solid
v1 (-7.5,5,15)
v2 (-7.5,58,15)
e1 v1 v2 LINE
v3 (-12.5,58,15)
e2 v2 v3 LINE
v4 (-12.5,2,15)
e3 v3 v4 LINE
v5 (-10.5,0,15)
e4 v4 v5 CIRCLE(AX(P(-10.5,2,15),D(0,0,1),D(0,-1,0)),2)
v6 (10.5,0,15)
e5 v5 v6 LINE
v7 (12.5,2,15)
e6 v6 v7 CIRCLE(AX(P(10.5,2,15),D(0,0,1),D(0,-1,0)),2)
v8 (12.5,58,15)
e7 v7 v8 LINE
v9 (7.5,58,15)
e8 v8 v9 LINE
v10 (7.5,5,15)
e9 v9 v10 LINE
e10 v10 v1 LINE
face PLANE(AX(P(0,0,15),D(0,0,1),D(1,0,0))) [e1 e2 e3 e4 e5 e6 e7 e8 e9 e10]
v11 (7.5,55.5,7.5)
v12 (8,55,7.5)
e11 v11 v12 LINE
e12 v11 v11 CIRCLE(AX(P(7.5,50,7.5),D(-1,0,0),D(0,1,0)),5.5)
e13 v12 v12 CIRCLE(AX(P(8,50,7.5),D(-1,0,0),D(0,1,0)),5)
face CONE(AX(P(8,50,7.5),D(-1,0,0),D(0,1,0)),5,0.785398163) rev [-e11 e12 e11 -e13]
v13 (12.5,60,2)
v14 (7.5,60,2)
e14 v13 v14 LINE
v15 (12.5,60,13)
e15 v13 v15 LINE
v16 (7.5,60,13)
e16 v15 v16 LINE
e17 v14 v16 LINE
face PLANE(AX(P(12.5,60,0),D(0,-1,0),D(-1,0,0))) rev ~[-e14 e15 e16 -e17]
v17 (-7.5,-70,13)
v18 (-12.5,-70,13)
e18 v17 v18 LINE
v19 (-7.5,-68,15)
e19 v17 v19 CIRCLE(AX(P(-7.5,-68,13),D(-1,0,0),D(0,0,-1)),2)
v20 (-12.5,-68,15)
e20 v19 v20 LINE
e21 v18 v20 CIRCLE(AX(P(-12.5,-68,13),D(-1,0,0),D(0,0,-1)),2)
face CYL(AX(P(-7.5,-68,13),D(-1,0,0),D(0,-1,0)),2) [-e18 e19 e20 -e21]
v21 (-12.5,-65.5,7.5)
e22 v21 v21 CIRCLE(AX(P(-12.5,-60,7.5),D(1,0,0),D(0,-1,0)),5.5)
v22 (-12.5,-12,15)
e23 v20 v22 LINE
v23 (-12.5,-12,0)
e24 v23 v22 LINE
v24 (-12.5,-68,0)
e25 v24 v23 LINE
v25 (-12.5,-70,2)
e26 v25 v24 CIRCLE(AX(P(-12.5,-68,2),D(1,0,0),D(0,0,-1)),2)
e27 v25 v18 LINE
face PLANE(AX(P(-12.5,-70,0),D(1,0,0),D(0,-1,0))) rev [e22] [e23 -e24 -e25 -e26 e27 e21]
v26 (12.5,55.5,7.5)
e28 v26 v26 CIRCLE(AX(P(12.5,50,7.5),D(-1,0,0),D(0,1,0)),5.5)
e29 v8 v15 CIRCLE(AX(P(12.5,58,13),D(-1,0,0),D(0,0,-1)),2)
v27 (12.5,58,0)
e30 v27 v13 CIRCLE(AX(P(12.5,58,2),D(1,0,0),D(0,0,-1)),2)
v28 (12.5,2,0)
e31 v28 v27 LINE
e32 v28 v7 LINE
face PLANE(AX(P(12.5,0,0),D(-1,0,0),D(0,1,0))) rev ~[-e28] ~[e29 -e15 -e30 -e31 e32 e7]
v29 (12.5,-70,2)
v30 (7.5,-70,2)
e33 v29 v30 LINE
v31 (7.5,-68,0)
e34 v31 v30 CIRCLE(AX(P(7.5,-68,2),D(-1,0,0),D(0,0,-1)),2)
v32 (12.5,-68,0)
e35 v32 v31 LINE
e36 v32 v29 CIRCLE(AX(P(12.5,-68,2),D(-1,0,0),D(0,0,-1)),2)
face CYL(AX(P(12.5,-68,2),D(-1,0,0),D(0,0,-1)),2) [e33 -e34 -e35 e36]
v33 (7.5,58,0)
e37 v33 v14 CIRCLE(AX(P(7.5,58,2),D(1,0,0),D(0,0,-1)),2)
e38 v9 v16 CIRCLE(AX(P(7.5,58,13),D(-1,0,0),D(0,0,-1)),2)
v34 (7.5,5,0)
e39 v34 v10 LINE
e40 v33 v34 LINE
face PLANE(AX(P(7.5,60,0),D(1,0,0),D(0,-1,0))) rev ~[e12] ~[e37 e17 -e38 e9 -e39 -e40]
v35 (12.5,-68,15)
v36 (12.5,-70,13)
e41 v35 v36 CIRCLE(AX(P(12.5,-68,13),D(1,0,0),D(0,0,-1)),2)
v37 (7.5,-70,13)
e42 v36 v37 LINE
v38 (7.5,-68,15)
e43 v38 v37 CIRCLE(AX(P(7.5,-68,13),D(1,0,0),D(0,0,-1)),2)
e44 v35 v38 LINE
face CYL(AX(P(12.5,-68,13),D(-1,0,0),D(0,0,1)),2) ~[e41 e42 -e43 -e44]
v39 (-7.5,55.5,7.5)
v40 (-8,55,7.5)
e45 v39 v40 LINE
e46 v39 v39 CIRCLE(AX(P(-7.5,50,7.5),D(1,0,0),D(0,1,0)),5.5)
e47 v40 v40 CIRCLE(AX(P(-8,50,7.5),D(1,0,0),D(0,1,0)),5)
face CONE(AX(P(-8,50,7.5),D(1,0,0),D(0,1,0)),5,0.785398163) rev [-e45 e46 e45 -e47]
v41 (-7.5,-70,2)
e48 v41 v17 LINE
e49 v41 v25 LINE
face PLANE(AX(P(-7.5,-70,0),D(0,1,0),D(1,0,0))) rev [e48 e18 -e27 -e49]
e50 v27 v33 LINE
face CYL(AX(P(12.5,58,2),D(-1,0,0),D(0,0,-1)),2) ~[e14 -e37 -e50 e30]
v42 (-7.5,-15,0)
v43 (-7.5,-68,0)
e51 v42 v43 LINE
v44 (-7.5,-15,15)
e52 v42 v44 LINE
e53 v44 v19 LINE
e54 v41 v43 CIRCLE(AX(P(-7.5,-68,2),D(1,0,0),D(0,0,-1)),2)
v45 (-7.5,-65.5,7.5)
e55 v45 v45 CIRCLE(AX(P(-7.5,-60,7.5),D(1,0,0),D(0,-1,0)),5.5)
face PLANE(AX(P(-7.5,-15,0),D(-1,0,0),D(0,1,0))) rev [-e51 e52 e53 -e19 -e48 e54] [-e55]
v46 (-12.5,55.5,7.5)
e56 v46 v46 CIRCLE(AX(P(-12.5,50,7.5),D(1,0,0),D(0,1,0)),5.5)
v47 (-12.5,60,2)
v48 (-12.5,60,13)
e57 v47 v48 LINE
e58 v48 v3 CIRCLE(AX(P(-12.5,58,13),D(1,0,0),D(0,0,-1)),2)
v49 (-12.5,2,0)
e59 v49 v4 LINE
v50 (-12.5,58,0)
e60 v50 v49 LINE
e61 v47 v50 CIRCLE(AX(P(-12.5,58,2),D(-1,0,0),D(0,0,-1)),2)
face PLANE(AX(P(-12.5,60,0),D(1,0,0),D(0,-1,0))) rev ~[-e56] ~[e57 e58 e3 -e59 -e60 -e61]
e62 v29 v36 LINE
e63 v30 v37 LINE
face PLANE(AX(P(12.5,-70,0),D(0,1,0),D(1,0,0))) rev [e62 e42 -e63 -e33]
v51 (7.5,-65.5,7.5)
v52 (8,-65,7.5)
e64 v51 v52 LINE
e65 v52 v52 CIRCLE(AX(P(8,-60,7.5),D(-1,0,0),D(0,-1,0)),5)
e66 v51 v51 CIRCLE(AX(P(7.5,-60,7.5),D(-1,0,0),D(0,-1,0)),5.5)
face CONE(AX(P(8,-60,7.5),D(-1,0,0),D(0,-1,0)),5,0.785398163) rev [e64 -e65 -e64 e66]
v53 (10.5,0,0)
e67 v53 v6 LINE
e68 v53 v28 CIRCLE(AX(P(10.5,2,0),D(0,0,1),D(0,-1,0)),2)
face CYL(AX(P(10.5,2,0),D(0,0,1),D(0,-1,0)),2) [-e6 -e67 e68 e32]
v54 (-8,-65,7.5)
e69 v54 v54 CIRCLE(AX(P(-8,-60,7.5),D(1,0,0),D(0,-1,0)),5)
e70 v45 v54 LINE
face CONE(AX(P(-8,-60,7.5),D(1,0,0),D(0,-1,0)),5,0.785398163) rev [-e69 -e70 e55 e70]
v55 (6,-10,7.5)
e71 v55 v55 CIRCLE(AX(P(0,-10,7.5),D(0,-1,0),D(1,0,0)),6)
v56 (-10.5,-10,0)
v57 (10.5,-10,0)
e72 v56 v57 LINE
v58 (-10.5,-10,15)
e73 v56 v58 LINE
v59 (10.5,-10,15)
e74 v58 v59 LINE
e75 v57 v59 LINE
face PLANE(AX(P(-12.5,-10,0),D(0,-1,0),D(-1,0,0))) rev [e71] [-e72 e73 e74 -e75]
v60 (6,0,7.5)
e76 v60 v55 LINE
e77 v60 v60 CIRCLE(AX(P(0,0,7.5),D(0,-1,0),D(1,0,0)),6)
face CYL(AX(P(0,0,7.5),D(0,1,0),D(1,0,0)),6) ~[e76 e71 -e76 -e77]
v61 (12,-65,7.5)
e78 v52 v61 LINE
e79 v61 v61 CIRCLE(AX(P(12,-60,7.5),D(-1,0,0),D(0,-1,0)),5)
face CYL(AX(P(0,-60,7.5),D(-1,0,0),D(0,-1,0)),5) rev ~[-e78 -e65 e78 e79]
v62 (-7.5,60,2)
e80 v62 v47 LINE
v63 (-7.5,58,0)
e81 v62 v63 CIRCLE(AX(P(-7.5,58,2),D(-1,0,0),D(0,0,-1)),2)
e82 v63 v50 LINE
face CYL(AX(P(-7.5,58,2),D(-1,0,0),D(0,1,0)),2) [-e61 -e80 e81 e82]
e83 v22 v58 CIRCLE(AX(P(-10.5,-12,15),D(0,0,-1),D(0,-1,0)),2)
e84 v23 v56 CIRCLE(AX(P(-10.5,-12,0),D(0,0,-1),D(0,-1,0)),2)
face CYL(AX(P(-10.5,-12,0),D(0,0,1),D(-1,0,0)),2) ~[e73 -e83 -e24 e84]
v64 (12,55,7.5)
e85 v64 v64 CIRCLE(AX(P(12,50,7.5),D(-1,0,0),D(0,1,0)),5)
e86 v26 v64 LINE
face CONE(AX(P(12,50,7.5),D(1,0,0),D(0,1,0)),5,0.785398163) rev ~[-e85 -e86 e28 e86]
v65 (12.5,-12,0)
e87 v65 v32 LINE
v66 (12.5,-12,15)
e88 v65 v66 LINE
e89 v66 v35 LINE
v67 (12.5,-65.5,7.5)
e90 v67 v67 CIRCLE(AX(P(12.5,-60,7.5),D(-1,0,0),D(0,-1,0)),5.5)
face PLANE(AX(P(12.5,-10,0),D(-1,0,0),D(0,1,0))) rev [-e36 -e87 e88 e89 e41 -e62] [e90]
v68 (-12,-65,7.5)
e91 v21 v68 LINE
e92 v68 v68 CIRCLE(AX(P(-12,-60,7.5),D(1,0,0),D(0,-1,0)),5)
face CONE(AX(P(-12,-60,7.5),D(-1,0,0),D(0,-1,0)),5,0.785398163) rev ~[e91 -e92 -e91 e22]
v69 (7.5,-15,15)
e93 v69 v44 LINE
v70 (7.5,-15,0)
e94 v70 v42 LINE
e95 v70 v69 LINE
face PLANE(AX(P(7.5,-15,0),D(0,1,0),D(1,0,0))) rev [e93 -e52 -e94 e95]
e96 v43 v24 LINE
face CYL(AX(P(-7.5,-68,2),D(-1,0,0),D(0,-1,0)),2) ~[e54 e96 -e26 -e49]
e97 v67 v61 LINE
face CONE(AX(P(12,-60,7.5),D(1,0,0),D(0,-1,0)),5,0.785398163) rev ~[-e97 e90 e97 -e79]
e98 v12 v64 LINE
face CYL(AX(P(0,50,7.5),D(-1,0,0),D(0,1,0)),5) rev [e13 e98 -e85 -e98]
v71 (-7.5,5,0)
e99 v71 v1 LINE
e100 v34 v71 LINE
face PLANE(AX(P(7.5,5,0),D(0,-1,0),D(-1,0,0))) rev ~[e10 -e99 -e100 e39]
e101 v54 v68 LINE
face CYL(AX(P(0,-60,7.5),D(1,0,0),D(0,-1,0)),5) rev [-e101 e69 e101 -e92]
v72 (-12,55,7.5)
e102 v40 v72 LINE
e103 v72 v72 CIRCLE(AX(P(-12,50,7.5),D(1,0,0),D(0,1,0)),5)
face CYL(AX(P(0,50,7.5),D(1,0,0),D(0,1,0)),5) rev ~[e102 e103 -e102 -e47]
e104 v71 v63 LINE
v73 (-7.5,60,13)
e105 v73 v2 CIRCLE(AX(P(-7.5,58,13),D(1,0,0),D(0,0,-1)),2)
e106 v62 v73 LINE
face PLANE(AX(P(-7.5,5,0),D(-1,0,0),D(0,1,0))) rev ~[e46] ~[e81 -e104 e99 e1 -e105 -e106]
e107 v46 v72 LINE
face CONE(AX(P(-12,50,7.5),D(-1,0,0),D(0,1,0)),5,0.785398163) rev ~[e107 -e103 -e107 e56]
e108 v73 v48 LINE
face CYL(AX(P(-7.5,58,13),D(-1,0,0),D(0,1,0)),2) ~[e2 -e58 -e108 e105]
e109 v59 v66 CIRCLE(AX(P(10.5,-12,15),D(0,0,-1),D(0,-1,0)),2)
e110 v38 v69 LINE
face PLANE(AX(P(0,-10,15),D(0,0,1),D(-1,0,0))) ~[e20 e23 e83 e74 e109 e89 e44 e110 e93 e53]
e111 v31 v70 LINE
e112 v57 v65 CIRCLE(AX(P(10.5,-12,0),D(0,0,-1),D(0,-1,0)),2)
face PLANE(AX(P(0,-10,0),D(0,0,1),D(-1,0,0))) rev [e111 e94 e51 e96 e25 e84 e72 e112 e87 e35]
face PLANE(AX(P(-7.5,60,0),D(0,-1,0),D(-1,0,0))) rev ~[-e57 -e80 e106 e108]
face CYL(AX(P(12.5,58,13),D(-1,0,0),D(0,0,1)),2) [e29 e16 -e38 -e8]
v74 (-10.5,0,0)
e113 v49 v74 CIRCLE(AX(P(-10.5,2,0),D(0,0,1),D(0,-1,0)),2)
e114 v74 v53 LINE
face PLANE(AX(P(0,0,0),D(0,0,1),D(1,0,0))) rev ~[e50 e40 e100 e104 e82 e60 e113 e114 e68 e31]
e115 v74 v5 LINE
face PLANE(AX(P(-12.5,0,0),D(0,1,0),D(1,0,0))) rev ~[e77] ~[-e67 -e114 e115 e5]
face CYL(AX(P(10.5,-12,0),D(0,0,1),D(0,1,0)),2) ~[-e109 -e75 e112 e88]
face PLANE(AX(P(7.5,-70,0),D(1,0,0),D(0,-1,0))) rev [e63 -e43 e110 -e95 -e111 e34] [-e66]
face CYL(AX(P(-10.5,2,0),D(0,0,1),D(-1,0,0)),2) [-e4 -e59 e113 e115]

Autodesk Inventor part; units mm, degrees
ref_plane "YZ Plane" through (0, 0, 0) normal (1, 0, 0) x (0, 1, 0)
ref_plane "XZ Plane" through (0, 0, 0) normal (0, 1, 0) x (-1, 0, 0)
sketch "Schizzo1" plane through (0, 0, 0) normal (0, 0, 1) x (1, 0, 0)
  line L0 (-12.5, 60) -> (-12.5, 0)
  line L1 (-12.5, 0) -> (12.5, 0)
  line L2 (12.5, 0) -> (12.5, 60)
  line L3 (12.5, 60) -> (7.5, 60)
  line L4 (7.5, 60) -> (7.5, 5)
  line L5 (7.5, 5) -> (-7.5, 5)
  line L6 (-7.5, 5) -> (-7.5, 60)
  line L7 (-7.5, 60) -> (-12.5, 60)
  point P0 (0, 0)
  point P1 (0, 5)
  point P2 (0, 0)
  dimension "d0" = 25
  dimension "d1" = 15
  dimension "d2" = 5
  dimension "d3" = 60
extrude "Estrusione1" add sketch "Schizzo1" along normal blind 15
sketch "Schizzo2" plane through (0, 0, 0) normal (1, 0, 0) x (0, 1, 0)
  line L0 (5, 0) -> (60, 0) projected
  line L1 (60, 0) -> (60, 15) projected
  line L2 (5, 15) -> (60, 15) projected
  line L3 (5, 0) -> (5, 15) projected
  circle A0 centre (50, 7.5) radius 5
  point P0 (0, 0)
  point P1 (60, 7.5)
  point P2 (32.5, 0)
  dimension "d6" = 10
  dimension "d28" = 10
extrude "Estrusione2" cut sketch "Schizzo2" along normal through all both and the other way through all contours A0
fillet "Raccordo1" radius 2 6 edges at (-10, 60, 15) (-10, 60, 0) (10, 60, 15) (10, 60, 0) (12.5, 0, 7.5) (-12.5, 0, 7.5)
sketch "Schizzo3" plane through (-10.5, 0, 0) normal (0, -1, 0) x (1, 0, 0)
  line L0 (0, 0) -> (0, 15) projected
  line L1 (0, 0) -> (21, 0) projected
  line L2 (21, 15) -> (21, 0) projected
  line L3 (0, 15) -> (21, 15) projected
  circle A0 centre (10.5, 7.5) radius 6
  point P0 (10.5, 0)
  point P1 (21, 7.5)
  point P2 (10.5, 0)
  dimension "d13" = 12
extrude "Estrusione3" add sketch "Schizzo3" along normal blind 10 contours A0
ref_plane "Mezzeria" through (0, -5, 7.5) normal (0, -1, 0) x (1, 0, 0)
mirror "Specchio2" about plane through (0, -5, 7.5) normal (0, -1, 0) of "Estrusione1"
mirror "Specchio3" about plane through (0, -5, 7.5) normal (0, -1, 0) of "Estrusione2", "Raccordo1"
chamfer "Smusso1" distance 0.5 angle 45 8 edges at (-7.5, 45, 7.5) (7.5, 45, 7.5) (-12.5, 45, 7.5) (12.5, 45, 7.5) (12.5, -55, 7.5) (7.5, -55, 7.5) (-7.5, -55, 7.5) (-12.5, -55, 7.5)
properties part number "Forcella movimento lama" material "Acciaio inossidabile"
